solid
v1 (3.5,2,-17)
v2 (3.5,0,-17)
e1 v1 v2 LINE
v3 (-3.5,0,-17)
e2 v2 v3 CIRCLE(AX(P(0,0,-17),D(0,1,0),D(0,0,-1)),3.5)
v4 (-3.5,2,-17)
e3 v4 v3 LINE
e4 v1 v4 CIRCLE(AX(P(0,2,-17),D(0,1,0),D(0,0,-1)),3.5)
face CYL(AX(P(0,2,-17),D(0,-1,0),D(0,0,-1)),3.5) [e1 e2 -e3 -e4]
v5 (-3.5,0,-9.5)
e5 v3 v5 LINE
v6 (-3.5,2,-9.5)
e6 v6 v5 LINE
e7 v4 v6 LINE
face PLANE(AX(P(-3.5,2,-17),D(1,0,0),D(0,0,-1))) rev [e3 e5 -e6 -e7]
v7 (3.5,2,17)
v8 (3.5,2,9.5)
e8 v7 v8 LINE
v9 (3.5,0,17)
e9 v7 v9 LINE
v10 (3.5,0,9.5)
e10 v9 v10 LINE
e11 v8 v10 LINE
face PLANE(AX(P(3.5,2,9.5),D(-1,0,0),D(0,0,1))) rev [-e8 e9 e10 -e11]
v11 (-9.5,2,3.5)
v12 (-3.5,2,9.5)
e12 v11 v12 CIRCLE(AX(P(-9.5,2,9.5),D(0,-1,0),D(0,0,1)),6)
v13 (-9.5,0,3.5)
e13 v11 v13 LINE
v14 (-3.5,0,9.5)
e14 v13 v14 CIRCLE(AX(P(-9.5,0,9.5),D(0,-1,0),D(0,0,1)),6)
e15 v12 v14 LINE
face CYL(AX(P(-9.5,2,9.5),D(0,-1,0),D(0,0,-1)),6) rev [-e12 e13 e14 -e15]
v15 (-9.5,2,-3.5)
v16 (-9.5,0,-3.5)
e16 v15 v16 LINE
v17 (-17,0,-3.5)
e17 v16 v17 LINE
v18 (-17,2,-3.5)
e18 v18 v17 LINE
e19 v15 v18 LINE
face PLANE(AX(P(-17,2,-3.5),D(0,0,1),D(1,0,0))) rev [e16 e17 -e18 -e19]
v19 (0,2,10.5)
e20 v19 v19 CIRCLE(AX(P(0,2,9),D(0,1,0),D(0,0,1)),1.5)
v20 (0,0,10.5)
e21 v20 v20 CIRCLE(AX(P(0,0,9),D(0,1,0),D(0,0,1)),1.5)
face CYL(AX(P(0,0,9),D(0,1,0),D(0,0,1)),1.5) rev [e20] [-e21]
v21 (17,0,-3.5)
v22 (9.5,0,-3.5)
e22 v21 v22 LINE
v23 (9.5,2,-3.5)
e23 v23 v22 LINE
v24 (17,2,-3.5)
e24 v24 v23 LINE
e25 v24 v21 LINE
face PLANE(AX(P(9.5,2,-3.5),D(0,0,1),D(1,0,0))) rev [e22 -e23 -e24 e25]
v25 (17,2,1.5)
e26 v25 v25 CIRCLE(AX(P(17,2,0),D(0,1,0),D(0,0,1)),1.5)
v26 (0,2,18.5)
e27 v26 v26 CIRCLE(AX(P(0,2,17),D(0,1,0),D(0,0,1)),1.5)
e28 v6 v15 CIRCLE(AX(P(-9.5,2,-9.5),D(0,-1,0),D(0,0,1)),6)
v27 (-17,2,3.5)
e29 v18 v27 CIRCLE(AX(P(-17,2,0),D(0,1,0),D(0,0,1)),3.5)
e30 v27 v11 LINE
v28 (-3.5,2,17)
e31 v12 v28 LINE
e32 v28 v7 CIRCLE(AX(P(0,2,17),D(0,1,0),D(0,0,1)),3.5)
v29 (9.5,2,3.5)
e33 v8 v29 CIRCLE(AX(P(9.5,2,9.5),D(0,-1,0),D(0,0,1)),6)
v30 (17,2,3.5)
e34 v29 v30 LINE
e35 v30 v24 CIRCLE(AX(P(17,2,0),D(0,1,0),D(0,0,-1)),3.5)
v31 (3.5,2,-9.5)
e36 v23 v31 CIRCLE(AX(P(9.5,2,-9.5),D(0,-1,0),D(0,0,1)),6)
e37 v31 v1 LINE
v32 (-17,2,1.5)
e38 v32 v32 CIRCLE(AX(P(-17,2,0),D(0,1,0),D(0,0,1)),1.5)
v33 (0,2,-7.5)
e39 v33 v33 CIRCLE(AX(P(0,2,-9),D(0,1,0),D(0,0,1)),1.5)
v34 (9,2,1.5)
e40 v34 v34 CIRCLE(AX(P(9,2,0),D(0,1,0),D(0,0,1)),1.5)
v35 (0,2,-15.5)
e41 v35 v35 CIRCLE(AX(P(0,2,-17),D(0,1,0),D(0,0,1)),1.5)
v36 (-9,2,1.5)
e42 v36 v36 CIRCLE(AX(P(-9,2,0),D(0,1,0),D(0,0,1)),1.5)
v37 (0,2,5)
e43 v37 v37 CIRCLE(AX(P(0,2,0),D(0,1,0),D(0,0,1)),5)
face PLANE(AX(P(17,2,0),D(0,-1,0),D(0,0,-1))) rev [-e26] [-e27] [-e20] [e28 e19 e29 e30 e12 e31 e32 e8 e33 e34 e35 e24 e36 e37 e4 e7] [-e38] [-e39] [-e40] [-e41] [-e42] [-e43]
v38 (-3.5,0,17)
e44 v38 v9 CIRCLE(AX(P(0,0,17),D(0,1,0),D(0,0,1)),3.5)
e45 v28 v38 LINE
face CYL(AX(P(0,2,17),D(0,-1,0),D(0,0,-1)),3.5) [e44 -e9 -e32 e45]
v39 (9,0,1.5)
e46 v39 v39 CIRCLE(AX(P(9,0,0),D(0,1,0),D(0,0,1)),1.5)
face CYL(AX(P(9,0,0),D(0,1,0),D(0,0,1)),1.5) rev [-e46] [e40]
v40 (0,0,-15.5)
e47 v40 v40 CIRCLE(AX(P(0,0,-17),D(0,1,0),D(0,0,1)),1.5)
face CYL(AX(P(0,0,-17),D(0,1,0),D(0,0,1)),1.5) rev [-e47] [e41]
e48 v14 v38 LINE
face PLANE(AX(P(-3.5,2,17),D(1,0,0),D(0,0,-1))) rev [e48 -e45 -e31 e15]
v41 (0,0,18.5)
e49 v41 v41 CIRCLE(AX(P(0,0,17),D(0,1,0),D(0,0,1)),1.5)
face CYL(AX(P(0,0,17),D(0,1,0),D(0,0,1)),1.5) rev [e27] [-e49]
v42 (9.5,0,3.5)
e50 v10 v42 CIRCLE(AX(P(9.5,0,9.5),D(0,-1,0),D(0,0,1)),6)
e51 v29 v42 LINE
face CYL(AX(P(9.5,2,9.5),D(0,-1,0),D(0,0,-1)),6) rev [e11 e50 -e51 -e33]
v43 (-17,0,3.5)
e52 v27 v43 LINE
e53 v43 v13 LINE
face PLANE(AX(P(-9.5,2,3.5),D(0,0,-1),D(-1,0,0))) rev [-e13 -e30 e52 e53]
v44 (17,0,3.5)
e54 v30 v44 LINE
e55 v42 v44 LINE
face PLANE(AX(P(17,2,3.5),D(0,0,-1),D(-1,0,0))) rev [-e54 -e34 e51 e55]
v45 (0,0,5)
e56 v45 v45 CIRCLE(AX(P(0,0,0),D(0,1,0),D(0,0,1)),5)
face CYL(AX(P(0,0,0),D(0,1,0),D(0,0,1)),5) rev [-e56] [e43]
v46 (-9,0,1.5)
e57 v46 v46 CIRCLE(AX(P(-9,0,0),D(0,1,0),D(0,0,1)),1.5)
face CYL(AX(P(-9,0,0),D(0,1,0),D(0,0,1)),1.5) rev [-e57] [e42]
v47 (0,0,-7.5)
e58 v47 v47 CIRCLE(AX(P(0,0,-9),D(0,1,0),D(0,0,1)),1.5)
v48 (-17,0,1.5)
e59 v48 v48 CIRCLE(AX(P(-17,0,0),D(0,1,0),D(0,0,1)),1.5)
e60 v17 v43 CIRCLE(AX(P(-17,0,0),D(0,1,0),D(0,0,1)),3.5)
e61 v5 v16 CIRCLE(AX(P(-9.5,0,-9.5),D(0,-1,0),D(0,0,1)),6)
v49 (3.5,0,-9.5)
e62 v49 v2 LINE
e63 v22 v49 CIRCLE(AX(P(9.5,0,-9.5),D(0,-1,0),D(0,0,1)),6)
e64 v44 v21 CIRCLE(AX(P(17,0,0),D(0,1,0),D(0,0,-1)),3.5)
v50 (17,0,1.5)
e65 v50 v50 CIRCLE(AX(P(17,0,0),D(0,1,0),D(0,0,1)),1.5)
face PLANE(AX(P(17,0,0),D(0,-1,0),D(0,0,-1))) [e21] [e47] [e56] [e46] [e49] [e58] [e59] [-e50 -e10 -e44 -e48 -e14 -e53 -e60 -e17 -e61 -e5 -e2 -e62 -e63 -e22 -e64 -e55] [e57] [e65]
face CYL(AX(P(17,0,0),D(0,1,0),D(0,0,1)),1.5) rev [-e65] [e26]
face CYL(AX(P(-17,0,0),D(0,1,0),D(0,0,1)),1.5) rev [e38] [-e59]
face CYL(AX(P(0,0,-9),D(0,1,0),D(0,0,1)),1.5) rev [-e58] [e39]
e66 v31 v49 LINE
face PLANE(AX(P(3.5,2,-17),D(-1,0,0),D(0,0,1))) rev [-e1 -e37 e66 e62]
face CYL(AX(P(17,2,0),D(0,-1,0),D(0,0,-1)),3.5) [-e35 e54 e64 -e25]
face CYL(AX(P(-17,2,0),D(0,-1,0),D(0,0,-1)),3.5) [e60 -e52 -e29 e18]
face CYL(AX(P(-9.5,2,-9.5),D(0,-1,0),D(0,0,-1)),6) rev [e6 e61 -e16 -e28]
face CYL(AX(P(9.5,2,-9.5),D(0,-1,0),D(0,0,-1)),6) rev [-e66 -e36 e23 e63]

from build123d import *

# Parameters (mm, degrees)
BOSS_EXTRUDE1_DEPTH = 2
SKETCH2_R           = 1.5
SKETCH2_R_2         = 5
CUT_EXTRUDE1_DEPTH  = 2


with BuildPart() as part:
    # Sketch1 → Boss-Extrude1 (new body)
    with BuildSketch(Plane(origin=(0, 0, 0), x_dir=(1, 0, 0), z_dir=(0, 1, 0))):
        with BuildLine():
            Line((-3.5, 17), (-3.5, 9.5))
            ThreePointArc((-3.5, 9.5), (-5.257359313, 5.257359313), (-9.5, 3.5))
            Line((-9.5, 3.5), (-17, 3.5))
            ThreePointArc((-17, 3.5), (-20.5, 0), (-17, -3.5))
            Line((-17, -3.5), (-9.5, -3.5))
            ThreePointArc((-9.5, -3.5), (-5.257359313, -5.257359313), (-3.5, -9.5))
            Line((-3.5, -9.5), (-3.5, -17))
            ThreePointArc((-3.5, -17), (0, -20.5), (3.5, -17))
            Line((3.5, -17), (3.5, -9.5))
            ThreePointArc((3.5, -9.5), (5.257359313, -5.257359313), (9.5, -3.5))
            Line((9.5, -3.5), (17, -3.5))
            ThreePointArc((17, -3.5), (20.5, 0), (17, 3.5))
            Line((17, 3.5), (9.5, 3.5))
            ThreePointArc((9.5, 3.5), (5.257359313, 5.257359313), (3.5, 9.5))
            Line((3.5, 9.5), (3.5, 17))
            ThreePointArc((3.5, 17), (0, 20.5), (-3.5, 17))
        make_face()
    extrude(amount=BOSS_EXTRUDE1_DEPTH)

    # Sketch2 → Cut-Extrude1 (cut)
    with BuildSketch(Plane(origin=(0, 2, 0), x_dir=(1, 0, 0), z_dir=(0, 1, 0))):
        with Locations((0, 17)):
            Circle(SKETCH2_R)
        with Locations((0, 9)):
            Circle(SKETCH2_R)
        Circle(SKETCH2_R_2)
        with Locations((17, 0)):
            Circle(SKETCH2_R)
        with Locations((9, 0)):
            Circle(SKETCH2_R)
        with Locations((0, -17)):
            Circle(SKETCH2_R)
        with Locations((0, -9)):
            Circle(SKETCH2_R)
        with Locations((-17, 0)):
            Circle(SKETCH2_R)
        with Locations((-9, 0)):
            Circle(SKETCH2_R)
    extrude(amount=-CUT_EXTRUDE1_DEPTH, mode=Mode.SUBTRACT)


solid = part.part
